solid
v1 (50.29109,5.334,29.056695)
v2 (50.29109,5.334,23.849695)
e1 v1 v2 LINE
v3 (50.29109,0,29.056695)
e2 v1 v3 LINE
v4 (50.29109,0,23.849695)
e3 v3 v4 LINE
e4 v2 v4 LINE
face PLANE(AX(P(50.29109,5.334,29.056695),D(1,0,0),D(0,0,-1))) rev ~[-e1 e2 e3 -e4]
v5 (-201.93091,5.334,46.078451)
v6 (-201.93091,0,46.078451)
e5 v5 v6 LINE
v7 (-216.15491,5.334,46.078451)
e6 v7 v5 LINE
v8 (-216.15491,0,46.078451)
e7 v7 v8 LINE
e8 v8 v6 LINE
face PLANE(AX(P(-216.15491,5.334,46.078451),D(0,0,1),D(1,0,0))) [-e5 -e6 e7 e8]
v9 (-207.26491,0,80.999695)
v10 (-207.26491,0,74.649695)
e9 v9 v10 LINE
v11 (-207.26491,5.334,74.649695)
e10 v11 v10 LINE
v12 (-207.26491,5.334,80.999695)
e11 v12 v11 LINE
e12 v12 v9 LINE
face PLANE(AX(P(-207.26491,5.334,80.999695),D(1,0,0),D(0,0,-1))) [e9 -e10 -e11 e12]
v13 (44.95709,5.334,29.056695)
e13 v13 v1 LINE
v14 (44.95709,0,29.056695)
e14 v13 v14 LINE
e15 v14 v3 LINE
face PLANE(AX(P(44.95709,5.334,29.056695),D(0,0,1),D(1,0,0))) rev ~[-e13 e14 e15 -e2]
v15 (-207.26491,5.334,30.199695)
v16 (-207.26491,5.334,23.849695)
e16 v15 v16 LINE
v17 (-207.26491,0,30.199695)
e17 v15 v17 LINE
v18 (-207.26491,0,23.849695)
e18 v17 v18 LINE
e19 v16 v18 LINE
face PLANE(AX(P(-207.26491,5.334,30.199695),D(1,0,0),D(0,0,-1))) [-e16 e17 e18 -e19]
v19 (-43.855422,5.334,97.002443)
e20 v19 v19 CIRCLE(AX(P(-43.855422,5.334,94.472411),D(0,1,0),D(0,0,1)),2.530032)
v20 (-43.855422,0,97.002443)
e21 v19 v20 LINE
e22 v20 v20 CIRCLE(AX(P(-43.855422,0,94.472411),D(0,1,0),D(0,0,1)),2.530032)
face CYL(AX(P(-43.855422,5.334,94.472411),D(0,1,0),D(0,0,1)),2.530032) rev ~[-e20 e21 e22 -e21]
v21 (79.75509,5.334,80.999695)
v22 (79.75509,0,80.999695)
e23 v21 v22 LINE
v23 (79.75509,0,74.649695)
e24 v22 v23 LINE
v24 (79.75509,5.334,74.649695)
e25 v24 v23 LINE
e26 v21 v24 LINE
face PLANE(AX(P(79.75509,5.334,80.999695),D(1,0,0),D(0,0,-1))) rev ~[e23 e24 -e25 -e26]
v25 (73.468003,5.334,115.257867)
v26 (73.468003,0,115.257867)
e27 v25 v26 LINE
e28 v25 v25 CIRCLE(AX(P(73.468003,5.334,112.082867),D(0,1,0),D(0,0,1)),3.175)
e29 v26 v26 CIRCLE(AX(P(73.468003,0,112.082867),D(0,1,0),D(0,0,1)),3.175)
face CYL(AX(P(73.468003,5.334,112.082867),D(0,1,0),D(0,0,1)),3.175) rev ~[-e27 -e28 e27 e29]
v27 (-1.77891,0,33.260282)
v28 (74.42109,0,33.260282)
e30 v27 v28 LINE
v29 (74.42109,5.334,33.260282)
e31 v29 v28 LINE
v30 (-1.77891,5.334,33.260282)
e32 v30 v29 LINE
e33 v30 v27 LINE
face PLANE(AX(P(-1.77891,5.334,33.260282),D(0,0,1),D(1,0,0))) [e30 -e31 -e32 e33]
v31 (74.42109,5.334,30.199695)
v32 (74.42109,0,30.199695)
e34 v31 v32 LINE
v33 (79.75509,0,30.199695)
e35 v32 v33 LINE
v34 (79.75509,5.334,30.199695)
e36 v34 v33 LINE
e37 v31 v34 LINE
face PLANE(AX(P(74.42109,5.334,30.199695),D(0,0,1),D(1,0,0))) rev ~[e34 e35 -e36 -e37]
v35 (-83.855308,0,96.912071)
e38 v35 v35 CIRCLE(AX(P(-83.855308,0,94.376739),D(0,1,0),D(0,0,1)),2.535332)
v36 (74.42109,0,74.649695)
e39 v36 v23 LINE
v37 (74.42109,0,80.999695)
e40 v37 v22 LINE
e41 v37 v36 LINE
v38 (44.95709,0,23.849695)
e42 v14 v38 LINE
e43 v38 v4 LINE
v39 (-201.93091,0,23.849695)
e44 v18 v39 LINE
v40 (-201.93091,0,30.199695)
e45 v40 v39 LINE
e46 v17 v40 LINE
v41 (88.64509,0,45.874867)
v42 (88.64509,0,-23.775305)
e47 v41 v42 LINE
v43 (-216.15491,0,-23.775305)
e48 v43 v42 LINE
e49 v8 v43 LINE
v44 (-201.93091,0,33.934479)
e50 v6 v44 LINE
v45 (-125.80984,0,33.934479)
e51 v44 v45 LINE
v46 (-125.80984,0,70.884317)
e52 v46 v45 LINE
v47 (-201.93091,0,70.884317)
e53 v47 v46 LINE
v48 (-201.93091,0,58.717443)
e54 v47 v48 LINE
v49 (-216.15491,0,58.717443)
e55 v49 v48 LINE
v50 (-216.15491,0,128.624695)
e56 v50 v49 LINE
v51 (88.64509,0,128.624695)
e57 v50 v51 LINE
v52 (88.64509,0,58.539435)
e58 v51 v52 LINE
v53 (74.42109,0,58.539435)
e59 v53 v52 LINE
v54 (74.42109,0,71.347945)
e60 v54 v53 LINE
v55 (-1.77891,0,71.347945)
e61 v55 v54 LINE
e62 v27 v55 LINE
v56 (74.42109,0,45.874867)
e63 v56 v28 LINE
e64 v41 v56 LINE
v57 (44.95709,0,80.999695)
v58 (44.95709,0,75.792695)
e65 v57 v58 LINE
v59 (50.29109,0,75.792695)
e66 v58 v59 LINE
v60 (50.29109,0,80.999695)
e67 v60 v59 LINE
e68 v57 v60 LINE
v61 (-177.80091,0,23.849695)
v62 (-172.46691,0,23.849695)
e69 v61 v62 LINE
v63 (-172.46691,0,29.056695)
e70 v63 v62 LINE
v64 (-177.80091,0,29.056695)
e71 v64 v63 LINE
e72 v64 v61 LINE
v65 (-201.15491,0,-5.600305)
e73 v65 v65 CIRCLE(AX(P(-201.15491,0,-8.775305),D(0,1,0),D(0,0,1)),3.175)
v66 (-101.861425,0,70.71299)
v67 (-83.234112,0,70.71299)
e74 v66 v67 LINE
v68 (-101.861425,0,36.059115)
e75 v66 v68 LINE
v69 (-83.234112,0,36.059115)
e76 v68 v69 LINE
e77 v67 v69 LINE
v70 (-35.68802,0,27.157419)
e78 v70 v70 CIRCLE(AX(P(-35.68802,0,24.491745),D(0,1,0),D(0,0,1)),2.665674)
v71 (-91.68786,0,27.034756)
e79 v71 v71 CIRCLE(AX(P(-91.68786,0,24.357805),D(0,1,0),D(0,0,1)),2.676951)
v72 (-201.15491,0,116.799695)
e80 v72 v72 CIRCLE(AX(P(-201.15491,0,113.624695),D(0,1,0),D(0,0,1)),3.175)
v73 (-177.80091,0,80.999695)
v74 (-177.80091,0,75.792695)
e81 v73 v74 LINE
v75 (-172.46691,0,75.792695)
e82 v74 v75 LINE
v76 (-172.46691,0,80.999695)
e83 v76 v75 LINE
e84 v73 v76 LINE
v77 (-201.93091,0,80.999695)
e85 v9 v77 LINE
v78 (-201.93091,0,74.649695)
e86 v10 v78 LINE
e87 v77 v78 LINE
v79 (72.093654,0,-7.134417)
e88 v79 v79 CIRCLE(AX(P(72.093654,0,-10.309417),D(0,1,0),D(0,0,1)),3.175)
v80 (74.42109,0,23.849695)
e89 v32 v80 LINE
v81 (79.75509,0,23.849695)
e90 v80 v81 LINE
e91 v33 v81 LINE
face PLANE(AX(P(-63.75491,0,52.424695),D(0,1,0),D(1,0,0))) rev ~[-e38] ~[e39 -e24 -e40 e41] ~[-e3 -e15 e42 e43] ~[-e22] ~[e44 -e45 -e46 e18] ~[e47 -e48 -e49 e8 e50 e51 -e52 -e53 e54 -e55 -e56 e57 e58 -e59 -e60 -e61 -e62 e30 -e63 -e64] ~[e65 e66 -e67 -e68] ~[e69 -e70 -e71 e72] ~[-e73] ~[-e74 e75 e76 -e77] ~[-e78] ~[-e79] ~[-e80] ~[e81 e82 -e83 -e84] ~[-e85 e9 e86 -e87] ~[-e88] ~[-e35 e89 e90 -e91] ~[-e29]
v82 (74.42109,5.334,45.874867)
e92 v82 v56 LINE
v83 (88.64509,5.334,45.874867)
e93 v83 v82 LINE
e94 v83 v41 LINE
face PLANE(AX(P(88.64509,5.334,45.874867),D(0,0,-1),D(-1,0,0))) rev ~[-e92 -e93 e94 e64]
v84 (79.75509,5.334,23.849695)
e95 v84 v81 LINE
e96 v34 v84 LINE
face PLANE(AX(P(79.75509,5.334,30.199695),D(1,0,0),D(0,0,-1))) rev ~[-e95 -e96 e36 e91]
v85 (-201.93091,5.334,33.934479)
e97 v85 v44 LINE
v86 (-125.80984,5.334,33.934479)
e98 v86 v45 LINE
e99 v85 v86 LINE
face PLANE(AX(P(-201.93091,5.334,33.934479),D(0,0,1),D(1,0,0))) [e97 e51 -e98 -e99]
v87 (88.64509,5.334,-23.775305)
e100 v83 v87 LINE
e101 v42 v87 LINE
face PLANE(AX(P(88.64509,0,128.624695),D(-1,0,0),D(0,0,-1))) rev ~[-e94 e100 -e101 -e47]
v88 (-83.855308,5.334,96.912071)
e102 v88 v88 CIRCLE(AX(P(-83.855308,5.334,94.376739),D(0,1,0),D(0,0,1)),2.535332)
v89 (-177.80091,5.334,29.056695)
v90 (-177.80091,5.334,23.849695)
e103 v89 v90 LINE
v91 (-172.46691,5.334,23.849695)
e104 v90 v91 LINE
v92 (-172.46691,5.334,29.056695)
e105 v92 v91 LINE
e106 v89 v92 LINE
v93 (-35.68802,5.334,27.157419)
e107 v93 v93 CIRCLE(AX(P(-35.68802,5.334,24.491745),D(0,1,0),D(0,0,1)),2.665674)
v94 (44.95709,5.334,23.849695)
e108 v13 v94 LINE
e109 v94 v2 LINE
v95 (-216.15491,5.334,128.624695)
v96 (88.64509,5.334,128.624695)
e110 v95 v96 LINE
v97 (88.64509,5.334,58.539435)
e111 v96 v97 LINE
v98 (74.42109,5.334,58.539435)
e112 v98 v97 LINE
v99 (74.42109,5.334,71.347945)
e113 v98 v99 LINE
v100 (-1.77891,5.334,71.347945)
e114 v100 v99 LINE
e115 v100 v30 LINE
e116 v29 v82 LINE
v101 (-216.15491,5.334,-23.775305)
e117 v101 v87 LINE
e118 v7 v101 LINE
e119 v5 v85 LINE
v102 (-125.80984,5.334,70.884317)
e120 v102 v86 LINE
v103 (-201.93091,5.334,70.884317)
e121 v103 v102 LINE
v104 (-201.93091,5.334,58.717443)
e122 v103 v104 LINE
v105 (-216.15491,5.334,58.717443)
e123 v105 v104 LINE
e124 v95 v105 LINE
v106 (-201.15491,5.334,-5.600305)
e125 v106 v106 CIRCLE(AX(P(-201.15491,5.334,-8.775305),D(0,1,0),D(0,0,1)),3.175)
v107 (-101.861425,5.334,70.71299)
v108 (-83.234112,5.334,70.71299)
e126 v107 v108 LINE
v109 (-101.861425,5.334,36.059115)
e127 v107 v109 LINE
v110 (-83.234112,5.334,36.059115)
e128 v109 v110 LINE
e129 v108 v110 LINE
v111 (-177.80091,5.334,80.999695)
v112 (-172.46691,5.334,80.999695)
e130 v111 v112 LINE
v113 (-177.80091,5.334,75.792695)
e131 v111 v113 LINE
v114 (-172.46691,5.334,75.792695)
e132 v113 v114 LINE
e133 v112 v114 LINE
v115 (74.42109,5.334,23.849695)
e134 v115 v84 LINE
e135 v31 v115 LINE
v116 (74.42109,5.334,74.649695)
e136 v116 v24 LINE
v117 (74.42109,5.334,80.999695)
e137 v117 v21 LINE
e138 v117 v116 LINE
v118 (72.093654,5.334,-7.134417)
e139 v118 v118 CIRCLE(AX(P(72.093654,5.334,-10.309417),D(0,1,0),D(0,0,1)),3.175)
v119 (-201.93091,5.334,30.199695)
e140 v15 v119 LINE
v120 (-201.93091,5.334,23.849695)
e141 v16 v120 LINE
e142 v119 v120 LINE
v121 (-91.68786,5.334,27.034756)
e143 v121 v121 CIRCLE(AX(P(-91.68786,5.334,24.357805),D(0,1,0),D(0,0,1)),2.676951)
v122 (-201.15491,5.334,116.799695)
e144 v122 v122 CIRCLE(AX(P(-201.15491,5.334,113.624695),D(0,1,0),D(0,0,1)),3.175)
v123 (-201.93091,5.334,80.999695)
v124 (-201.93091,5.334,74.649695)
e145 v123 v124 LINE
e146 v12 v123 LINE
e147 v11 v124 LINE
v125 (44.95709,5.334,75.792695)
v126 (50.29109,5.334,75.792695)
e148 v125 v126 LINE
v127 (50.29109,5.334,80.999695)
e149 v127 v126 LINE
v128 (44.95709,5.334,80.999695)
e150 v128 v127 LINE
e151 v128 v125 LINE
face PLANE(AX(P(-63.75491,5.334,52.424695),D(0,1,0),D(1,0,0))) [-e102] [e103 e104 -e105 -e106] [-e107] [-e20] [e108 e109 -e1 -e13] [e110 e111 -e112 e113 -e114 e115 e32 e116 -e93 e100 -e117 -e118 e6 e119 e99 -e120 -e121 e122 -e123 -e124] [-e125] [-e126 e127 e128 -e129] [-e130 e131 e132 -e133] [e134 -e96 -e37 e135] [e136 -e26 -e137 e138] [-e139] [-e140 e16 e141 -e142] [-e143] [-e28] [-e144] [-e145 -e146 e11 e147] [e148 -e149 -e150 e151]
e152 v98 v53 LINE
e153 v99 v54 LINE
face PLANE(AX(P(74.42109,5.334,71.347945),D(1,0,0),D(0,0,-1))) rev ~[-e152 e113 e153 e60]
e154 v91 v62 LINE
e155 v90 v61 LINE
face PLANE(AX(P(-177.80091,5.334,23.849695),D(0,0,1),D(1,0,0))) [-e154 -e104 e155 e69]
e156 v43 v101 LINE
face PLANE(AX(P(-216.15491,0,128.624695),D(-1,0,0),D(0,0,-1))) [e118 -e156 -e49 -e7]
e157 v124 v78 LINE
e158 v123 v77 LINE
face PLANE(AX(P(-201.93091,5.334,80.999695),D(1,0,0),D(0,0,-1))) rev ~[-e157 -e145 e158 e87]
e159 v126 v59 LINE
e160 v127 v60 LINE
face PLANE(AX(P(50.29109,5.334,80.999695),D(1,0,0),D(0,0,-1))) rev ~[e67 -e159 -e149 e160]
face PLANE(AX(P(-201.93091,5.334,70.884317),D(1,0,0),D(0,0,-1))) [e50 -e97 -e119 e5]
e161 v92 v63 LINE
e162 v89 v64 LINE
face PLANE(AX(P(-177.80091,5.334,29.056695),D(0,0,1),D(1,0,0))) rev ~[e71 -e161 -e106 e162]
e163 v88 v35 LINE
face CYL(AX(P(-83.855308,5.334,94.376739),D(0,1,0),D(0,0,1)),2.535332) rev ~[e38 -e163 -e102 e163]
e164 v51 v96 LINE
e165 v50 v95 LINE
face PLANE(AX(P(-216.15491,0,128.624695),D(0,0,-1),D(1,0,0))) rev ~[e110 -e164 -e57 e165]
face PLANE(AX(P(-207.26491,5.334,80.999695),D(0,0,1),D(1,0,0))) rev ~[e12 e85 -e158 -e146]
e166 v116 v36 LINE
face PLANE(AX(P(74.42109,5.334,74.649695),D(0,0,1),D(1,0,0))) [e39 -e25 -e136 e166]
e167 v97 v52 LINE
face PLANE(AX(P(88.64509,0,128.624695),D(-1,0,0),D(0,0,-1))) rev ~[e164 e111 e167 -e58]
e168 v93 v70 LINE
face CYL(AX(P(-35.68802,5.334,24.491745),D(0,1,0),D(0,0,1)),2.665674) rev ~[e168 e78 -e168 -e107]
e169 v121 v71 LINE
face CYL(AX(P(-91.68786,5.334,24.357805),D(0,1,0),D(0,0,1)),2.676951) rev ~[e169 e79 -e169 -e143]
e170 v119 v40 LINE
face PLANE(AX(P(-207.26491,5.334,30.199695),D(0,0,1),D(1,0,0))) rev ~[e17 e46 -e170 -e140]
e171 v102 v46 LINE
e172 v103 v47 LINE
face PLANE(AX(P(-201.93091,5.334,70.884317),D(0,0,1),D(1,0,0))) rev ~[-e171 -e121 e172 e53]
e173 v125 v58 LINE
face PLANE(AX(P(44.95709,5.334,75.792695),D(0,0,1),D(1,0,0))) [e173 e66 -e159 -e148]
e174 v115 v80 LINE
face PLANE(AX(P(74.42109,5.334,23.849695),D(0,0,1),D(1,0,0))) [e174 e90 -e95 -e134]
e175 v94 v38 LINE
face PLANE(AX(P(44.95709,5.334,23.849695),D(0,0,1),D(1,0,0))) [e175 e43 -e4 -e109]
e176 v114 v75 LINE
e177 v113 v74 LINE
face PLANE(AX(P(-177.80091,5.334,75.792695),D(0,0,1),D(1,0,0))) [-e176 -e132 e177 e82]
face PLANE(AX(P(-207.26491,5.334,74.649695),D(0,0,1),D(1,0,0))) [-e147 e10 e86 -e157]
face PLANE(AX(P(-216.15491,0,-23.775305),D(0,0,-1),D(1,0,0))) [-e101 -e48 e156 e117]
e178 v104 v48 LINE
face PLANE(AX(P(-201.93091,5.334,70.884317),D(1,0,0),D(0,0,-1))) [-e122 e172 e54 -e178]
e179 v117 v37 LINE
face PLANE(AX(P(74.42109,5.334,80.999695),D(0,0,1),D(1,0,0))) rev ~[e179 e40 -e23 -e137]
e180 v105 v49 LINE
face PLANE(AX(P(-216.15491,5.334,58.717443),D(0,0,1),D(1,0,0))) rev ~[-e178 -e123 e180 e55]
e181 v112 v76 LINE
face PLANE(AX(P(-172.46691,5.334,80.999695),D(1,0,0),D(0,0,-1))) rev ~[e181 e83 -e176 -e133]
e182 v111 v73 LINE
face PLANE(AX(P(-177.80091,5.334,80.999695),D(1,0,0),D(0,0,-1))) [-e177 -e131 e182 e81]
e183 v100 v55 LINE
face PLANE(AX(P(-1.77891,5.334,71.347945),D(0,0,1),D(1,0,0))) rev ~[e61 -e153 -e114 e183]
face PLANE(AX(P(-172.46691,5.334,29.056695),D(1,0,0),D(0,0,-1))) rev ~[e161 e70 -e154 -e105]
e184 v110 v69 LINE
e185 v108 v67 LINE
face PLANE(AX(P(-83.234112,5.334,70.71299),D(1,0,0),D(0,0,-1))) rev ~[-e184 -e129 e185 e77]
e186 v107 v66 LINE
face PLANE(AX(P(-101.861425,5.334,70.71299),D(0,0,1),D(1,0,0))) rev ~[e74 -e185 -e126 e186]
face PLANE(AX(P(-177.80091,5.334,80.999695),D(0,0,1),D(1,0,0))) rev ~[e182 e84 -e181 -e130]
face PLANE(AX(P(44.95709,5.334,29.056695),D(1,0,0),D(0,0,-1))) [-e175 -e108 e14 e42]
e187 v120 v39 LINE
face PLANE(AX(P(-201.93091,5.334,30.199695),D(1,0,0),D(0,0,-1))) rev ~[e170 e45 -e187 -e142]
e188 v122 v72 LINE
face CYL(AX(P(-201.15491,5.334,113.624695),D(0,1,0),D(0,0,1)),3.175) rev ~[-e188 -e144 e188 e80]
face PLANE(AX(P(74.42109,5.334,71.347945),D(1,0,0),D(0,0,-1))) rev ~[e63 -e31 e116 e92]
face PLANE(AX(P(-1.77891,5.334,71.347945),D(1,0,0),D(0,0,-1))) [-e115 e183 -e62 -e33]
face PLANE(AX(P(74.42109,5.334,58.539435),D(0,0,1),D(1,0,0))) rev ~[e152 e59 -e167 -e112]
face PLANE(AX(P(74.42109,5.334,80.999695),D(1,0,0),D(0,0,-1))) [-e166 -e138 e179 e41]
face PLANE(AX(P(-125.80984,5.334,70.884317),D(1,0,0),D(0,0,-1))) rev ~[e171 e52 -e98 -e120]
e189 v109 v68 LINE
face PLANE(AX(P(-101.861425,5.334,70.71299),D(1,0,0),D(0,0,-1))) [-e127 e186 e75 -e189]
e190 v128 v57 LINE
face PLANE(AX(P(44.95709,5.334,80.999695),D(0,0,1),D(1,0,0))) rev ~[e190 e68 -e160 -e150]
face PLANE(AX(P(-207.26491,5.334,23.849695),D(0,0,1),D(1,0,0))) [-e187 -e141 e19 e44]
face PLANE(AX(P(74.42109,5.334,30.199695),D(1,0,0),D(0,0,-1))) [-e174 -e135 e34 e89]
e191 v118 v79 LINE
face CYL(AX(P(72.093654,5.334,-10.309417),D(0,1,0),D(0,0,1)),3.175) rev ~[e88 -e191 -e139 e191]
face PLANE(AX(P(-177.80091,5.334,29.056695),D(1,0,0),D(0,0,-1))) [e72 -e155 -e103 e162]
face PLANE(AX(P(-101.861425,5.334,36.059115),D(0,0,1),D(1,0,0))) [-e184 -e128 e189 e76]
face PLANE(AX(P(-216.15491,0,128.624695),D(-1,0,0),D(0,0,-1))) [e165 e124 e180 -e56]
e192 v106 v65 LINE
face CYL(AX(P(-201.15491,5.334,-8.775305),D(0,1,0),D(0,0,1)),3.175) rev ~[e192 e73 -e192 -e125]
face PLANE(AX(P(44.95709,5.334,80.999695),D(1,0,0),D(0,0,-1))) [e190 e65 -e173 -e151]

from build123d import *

# Parameters (mm, degrees)
SKETCH1_W           = 304.8
SKETCH1_H           = 152.4
BOSS_EXTRUDE1_DEPTH = 5.334
SKETCH2_R           = 3.175
CUT_EXTRUDE1_DEPTH  = 10
SKETCH4_R           = 2.676950891
SKETCH4_R_2         = 2.665674254
SKETCH4_R_3         = 2.530032229
SKETCH4_R_4         = 2.5353316
CUT_EXTRUDE3_DEPTH  = 252.586384458
SKETCH5_W           = 5.334
SKETCH5_H           = 6.35
SKETCH5_H_2         = 5.207
CUT_EXTRUDE4_DEPTH  = 252.586384458
SKETCH8_W           = 76.2
SKETCH8_H           = 34.29
CUT_EXTRUDE5_DEPTH  = 252.586384458
SKETCH10_W          = 76.2
SKETCH10_H          = 1.778250289
SKETCH10_H_2        = 2.019413315
CUT_EXTRUDE7_DEPTH  = 252.586384458
SKETCH11_W          = 76.121070341
SKETCH11_H          = 36.949838164
CUT_EXTRUDE8_DEPTH  = 252.586384458
SKETCH12_W          = 14.224
SKETCH12_H          = 12.638991695
CUT_EXTRUDE9_DEPTH  = 252.586384458
SKETCH13_W          = 18.627313318
SKETCH13_H          = 34.653875248
CUT_EXTRUDE10_DEPTH = 252.586384458
CUT_EXTRUDE11_DEPTH = 252.586384458


with BuildPart() as part:
    # Sketch1 → Boss-Extrude1 (new body)
    with BuildSketch(Plane(origin=(0, 0, 0), x_dir=(1, 0, 0), z_dir=(0, 1, 0))):
        with Locations((-63.754910023, -52.424694992)):
            Rectangle(SKETCH1_W, SKETCH1_H)
    extrude(amount=BOSS_EXTRUDE1_DEPTH)

    # Sketch2 → Cut-Extrude1 (cut)
    with BuildSketch(Plane(origin=(0, 5.334, 0), x_dir=(1, 0, 0), z_dir=(0, 1, 0))):
        with Locations(Location((-201.154910023, -113.624694992, 0), (0, 0, 270))):
            Circle(SKETCH2_R)
        with Locations(Location((-201.154910023, 8.775305008, 0), (0, 0, 270))):
            Circle(SKETCH2_R)
        with Locations(Location((73.468003191, -112.082866523, 0), (0, 0, 270))):
            Circle(SKETCH2_R)
        with Locations(Location((72.093654241, 10.309417404, 0), (0, 0, 270))):
            Circle(SKETCH2_R)
    extrude(amount=-CUT_EXTRUDE1_DEPTH, mode=Mode.SUBTRACT)

    # Sketch4 → Cut-Extrude3 (cut, through all)
    with BuildSketch(Plane(origin=(0, 5.334, 0), x_dir=(1, 0, 0), z_dir=(0, 1, 0))):
        with Locations(Location((-91.687860004, -24.357805151, 0), (0, 0, 270))):
            Circle(SKETCH4_R)
        with Locations(Location((-35.688020182, -24.491745011, 0), (0, 0, 270))):
            Circle(SKETCH4_R_2)
        with Locations(Location((-43.855422124, -94.472410523, 0), (0, 0, 270))):
            Circle(SKETCH4_R_3)
        with Locations(Location((-83.855307711, -94.376739195, 0), (0, 0, 270))):
            Circle(SKETCH4_R_4)
    extrude(amount=-CUT_EXTRUDE3_DEPTH, mode=Mode.SUBTRACT)

    # Sketch5 → Cut-Extrude4 (cut, through all)
    with BuildSketch(Plane(origin=(0, 5.334, 0), x_dir=(1, 0, 0), z_dir=(0, 1, 0))):
        with Locations((-204.597910023, -77.824694992)):
            Rectangle(SKETCH5_W, SKETCH5_H)
        with Locations((-204.597910023, -27.024694992)):
            Rectangle(SKETCH5_W, SKETCH5_H)
        with Locations((-175.133910023, -26.453194992)):
            Rectangle(SKETCH5_W, SKETCH5_H_2)
        with Locations((-175.133910023, -78.396194992)):
            Rectangle(SKETCH5_W, SKETCH5_H_2)
        with Locations((77.088089977, -77.824694992)):
            Rectangle(SKETCH5_W, SKETCH5_H)
        with Locations((47.624089977, -78.396194992)):
            Rectangle(SKETCH5_W, SKETCH5_H_2)
        with Locations((77.088089977, -27.024694992)):
            Rectangle(SKETCH5_W, SKETCH5_H)
        with Locations((47.624089977, -26.453194992)):
            Rectangle(SKETCH5_W, SKETCH5_H_2)
    extrude(amount=-CUT_EXTRUDE4_DEPTH, mode=Mode.SUBTRACT)

    # Sketch8 → Cut-Extrude5 (cut, through all)
    with BuildSketch(Plane(origin=(0, 5.334, 0), x_dir=(1, 0, 0), z_dir=(0, 1, 0))):
        with Locations((36.321089977, -52.424694992)):
            Rectangle(SKETCH8_W, SKETCH8_H)
    extrude(amount=-CUT_EXTRUDE5_DEPTH, mode=Mode.SUBTRACT)

    # Sketch10 → Cut-Extrude7 (cut, through all)
    with BuildSketch(Plane(origin=(0, 5.334, 0), x_dir=(1, 0, 0), z_dir=(0, 1, 0))):
        with Locations((36.321089977, -70.458820137)):
            Rectangle(SKETCH10_W, SKETCH10_H)
        with Locations((36.321089977, -34.269988334)):
            Rectangle(SKETCH10_W, SKETCH10_H_2)
    extrude(amount=-CUT_EXTRUDE7_DEPTH, mode=Mode.SUBTRACT)

    # Sketch11 → Cut-Extrude8 (cut, through all)
    with BuildSketch(Plane(origin=(0, 5.334, 0), x_dir=(1, 0, 0), z_dir=(0, 1, 0))):
        with Locations((-163.870374853, -52.409398233)):
            Rectangle(SKETCH11_W, SKETCH11_H)
    extrude(amount=-CUT_EXTRUDE8_DEPTH, mode=Mode.SUBTRACT)

    # Sketch12 → Cut-Extrude9 (cut, through all)
    with BuildSketch(Plane(origin=(0, 5.334, 0), x_dir=(1, 0, 0), z_dir=(0, 1, 0))):
        with Locations((-209.042910023, -52.397947161)):
            Rectangle(SKETCH12_W, SKETCH12_H)
    extrude(amount=-CUT_EXTRUDE9_DEPTH, mode=Mode.SUBTRACT)

    # Sketch13 → Cut-Extrude10 (cut, through all)
    with BuildSketch(Plane(origin=(0, 5.334, 0), x_dir=(1, 0, 0), z_dir=(0, 1, 0))):
        with Locations((-92.547768292, -53.386052829)):
            Rectangle(SKETCH13_W, SKETCH13_H)
    extrude(amount=-CUT_EXTRUDE10_DEPTH, mode=Mode.SUBTRACT)

    # Sketch14 → Cut-Extrude11 (cut, through all)
    with BuildSketch(Plane(origin=(0, 5.334, 0), x_dir=(1, 0, 0), z_dir=(0, 1, 0))):
        Polygon((74.421089977, -52.304113479), (74.421089977, -58.539435279), (88.645089977, -58.539435279), (88.645089977, -45.874866735), (74.421089977, -45.874866735), align=None)
    extrude(amount=-CUT_EXTRUDE11_DEPTH, mode=Mode.SUBTRACT)


solid = part.part
